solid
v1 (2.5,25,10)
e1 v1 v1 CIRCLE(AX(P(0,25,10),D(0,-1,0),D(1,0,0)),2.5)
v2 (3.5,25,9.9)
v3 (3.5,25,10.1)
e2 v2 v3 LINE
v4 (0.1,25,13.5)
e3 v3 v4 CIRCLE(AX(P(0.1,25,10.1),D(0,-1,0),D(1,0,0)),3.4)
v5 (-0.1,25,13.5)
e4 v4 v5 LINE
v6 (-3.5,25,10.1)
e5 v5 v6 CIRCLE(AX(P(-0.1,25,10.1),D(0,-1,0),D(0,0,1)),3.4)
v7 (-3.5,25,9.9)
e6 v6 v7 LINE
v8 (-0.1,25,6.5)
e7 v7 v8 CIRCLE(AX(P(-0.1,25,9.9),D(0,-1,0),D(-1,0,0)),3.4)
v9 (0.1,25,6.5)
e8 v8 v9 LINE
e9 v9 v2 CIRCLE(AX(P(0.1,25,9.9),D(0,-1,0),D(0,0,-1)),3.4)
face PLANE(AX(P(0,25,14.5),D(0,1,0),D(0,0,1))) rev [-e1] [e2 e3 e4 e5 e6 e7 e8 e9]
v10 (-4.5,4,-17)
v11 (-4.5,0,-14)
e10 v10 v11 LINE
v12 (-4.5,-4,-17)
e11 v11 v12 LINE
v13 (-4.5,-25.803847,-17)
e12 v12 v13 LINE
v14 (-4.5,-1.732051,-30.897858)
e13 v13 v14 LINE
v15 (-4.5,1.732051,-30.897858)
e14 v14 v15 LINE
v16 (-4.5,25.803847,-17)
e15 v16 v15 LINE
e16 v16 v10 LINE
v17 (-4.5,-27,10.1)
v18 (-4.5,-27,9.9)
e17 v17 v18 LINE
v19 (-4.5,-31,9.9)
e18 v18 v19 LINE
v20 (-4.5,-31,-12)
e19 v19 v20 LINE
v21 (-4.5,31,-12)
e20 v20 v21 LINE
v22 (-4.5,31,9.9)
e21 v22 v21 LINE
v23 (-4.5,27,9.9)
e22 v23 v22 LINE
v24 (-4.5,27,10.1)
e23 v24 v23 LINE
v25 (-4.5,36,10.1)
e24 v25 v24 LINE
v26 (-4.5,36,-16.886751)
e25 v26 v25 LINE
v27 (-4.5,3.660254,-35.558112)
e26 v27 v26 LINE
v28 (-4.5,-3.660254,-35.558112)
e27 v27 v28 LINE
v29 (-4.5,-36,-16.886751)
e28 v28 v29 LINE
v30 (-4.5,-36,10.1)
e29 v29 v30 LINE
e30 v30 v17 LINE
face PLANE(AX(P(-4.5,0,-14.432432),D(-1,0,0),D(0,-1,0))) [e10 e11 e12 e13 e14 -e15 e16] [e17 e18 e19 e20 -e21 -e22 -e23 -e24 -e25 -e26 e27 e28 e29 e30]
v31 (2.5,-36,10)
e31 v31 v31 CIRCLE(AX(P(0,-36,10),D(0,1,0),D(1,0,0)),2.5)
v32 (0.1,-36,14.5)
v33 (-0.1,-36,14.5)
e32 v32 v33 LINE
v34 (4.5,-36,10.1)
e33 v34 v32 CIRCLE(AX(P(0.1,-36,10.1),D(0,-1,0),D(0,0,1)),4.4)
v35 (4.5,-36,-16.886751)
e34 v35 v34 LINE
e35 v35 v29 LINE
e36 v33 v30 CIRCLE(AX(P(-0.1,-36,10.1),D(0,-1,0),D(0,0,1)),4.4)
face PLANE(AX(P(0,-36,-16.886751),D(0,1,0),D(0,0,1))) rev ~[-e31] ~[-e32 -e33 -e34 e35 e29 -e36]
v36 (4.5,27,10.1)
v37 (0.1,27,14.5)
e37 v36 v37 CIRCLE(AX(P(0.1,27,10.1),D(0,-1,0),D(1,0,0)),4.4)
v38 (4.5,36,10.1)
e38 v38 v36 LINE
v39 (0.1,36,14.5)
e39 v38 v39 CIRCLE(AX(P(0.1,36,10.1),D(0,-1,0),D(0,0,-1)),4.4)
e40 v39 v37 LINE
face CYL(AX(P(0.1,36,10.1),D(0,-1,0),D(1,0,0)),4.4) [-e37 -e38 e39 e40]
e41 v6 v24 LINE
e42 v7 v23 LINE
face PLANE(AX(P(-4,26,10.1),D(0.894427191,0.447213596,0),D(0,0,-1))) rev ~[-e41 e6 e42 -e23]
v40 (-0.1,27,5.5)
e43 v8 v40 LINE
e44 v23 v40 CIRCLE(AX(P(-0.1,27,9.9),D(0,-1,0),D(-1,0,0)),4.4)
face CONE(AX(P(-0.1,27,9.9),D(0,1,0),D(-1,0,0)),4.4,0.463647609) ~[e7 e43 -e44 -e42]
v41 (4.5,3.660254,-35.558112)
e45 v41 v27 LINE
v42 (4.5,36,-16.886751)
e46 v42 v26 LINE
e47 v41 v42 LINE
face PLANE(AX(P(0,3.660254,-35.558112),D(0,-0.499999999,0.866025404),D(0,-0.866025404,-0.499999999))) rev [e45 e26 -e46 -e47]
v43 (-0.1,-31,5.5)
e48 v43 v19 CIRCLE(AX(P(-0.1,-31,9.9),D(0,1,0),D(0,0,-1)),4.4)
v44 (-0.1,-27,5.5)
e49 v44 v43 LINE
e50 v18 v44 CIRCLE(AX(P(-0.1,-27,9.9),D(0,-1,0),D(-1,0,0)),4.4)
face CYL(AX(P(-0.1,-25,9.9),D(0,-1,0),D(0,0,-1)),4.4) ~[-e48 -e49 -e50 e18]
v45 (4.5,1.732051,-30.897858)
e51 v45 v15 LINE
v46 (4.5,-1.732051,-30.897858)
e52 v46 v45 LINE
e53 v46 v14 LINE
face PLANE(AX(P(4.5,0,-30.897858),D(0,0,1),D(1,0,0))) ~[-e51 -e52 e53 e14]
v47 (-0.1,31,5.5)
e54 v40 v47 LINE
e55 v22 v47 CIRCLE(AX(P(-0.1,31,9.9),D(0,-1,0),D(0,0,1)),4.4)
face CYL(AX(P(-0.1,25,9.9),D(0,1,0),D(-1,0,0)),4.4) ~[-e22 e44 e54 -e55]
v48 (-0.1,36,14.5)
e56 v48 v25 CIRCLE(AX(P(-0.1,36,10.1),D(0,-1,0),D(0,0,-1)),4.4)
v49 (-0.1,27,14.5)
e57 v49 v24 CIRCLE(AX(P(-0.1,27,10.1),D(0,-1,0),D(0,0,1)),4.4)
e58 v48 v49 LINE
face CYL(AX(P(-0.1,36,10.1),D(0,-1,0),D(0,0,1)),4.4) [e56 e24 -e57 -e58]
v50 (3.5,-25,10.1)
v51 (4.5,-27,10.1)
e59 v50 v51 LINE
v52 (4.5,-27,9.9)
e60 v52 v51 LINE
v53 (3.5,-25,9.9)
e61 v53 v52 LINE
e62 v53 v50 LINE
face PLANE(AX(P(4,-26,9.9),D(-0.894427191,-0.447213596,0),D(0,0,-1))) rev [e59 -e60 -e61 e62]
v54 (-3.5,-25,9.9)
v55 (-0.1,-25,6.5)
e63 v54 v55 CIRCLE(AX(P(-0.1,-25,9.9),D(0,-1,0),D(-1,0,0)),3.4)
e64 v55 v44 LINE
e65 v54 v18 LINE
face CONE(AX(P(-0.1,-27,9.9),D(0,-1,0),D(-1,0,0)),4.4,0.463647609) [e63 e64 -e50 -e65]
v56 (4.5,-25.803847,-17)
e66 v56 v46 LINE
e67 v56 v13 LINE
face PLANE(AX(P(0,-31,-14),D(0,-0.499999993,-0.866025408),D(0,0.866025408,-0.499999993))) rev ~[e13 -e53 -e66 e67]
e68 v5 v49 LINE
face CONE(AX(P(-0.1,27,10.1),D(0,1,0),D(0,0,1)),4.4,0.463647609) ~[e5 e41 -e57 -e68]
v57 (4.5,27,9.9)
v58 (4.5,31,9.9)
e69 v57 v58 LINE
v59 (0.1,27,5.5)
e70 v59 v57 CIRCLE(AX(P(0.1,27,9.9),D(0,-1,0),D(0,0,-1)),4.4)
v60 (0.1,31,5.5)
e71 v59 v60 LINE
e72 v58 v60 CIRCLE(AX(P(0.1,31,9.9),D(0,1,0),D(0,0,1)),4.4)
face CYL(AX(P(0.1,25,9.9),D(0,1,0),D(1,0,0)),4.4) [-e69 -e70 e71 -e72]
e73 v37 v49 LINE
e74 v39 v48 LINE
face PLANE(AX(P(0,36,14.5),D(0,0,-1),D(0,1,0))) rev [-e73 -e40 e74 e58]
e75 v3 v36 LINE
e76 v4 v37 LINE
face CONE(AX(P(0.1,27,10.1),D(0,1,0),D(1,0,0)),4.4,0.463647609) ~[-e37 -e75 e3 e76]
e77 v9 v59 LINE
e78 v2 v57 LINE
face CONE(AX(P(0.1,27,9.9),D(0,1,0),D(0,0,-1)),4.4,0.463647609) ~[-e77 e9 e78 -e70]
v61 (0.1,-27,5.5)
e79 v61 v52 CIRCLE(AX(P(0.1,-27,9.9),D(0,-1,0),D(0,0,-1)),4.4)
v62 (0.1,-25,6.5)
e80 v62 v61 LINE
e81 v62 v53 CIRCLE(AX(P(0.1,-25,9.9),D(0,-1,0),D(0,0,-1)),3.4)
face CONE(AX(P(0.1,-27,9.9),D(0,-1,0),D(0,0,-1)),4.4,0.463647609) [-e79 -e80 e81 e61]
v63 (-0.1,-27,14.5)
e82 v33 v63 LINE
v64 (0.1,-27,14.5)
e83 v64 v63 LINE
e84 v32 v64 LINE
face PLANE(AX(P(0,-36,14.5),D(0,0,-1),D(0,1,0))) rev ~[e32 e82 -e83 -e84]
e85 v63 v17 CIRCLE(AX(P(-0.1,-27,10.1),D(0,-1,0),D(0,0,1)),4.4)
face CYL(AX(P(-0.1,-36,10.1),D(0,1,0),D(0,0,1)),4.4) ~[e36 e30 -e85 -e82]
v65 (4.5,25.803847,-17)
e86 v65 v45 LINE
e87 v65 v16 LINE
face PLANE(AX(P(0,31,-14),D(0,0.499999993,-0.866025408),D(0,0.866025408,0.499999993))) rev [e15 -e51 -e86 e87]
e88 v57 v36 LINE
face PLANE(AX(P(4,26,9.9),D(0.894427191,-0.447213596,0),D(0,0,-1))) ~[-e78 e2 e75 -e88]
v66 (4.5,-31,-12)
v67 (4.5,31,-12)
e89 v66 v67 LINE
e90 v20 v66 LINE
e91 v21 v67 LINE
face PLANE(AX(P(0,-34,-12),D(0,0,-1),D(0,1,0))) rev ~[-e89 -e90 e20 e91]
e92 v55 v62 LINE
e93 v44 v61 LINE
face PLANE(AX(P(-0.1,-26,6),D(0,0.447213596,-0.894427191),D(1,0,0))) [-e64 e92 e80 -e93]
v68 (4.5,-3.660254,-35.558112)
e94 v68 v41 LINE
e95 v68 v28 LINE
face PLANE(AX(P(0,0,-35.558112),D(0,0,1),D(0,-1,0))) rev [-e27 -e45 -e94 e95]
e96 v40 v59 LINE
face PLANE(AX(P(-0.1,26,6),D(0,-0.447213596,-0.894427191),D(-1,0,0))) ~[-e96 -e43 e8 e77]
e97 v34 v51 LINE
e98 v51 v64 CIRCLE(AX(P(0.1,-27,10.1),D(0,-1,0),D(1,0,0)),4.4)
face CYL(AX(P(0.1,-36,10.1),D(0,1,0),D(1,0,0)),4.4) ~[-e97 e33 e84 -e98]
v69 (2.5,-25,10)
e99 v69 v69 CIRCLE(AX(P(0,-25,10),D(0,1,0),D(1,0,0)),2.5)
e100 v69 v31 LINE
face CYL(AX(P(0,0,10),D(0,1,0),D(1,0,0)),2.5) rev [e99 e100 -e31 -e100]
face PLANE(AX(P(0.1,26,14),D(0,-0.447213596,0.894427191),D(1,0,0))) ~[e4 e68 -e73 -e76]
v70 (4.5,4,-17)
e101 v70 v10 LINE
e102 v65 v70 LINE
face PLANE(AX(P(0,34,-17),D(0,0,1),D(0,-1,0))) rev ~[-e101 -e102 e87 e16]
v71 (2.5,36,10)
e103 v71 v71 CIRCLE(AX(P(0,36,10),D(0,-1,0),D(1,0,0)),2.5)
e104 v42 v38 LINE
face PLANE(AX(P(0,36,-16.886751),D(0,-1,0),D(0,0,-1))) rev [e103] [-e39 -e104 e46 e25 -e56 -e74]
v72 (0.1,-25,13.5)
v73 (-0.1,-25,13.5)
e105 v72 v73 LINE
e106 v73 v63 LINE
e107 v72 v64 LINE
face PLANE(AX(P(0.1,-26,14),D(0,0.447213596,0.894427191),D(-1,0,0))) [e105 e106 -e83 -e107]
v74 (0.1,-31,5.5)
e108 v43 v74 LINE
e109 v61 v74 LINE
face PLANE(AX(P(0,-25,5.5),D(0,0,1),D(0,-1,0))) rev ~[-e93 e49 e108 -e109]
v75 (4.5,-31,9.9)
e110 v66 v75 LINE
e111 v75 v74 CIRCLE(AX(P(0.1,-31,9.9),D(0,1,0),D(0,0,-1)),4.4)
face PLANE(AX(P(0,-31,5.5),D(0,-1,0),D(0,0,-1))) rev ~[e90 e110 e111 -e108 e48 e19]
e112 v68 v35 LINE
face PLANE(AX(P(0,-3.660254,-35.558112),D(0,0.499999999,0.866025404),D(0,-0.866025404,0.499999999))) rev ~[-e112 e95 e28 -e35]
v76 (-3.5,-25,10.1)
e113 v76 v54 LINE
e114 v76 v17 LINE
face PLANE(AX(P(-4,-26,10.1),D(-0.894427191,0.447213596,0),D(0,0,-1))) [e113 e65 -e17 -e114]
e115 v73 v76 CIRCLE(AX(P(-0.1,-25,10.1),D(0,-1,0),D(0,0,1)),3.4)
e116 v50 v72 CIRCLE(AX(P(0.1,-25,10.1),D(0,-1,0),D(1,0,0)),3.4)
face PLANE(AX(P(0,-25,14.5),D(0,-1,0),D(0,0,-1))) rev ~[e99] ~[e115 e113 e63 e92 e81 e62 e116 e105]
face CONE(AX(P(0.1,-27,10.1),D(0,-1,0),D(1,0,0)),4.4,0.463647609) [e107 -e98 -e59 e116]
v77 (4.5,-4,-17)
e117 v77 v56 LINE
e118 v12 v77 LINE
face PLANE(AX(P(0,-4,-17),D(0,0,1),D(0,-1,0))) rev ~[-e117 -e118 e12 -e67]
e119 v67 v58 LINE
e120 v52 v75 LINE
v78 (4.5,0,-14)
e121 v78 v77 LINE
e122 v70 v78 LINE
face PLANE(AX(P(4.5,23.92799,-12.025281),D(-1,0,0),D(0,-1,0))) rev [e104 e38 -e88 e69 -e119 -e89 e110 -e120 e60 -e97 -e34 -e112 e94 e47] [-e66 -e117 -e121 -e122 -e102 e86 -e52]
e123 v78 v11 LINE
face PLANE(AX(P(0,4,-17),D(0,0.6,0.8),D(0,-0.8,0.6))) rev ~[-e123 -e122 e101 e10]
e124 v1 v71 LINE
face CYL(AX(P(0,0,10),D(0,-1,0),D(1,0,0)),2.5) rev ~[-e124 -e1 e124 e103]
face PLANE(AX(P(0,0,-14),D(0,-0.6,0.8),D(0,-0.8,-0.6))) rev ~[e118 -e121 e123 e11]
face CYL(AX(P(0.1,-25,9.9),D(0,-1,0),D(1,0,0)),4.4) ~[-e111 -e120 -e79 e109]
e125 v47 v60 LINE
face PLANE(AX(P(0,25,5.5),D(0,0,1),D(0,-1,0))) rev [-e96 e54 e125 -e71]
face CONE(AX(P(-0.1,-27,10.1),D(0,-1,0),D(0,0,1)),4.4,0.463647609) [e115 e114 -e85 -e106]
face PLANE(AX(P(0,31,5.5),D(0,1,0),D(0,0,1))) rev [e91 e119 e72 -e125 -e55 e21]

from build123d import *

# Parameters (mm, degrees)
PAD001_DEPTH         = 4.5
FILLET_R             = 4.4
CHAMFER_1_SIZE2      = 2
CHAMFER_1_SIZE       = 1
CHAMFER_2_SIZE2      = 2
CHAMFER_2_SIZE       = 1
CHAMFER001_SIZE      = 2
PAD002_DEPTH         = 4.5
SKETCH006_R          = 2.5
POCKET001_DEPTH      = 36.001
POCKET001_DEPTH_BACK = 36.001


with BuildPart() as part:
    # Sketch004 → Pad001 (new body, symmetric)
    with BuildSketch(Plane.YZ):
        Polygon((-31, 5.5), (-31, -14), (0, -31.897858), (0, -35.558112), (-3.660254, -35.558112), (-36, -16.886751), (-36, 14.5), (-25, 14.5), (-25, 5.5), align=None)
    pad001 = extrude(amount=PAD001_DEPTH, both=True)

    # Mirrored: Pad001 across Sketch004 V_Axis
    add(pad001.mirror(Plane(origin=(0, 0, 0), x_dir=(1, 0, 0), z_dir=(0, 1, 0))))

    # Fillet
    fillet_edges = [part.edges().sort_by_distance(p)[0] for p in [
        (-4.5, 28, 5.5),
        (-4.5, 30.5, 14.5),
        (4.5, 28, 5.5),
        (-4.5, -28, 5.5),
        (-4.5, -30.5, 14.5),
        (4.5, -30.5, 14.5),
        (4.5, 30.5, 14.5),
        (4.5, -28, 5.5),
    ]]
    fillet(fillet_edges, radius=FILLET_R)

    # Chamfer 1
    chamfer_1_edges = [part.edges().sort_by_distance(p)[0] for p in [
        (-3.21127, 25, 13.21127),
    ]]
    chamfer_1_side = part.faces().sort_by_distance((0, 25, 10))[0]
    chamfer(chamfer_1_edges, length=CHAMFER_1_SIZE, length2=CHAMFER_1_SIZE2, reference=chamfer_1_side)

    # Chamfer 2
    chamfer_2_edges = [part.edges().sort_by_distance(p)[0] for p in [
        (-3.21127, -25, 13.21127),
    ]]
    chamfer_2_side = part.faces().sort_by_distance((0, -25, 10))[0]
    chamfer(chamfer_2_edges, length=CHAMFER_2_SIZE, length2=CHAMFER_2_SIZE2, reference=chamfer_2_side)

    # Chamfer001
    chamfer001_edges = [part.edges().sort_by_distance(p)[0] for p in [
        (0, 0, -31.897858),
    ]]
    chamfer(chamfer001_edges, length=CHAMFER001_SIZE)

    # Sketch005 → Pad002 (join, symmetric)
    with BuildSketch(Plane.YZ):
        Polygon((-34, -12), (34, -12), (34, -17), (4, -17), (0, -14), (-4, -17), (-34, -17), align=None)
    extrude(amount=PAD002_DEPTH, both=True)

    # Sketch006 → Pocket001 (cut, two sides)
    with BuildSketch(Plane.XZ) as pocket001_sk:
        with Locations((0, 10)):
            Circle(SKETCH006_R)
    extrude(amount=-POCKET001_DEPTH, mode=Mode.SUBTRACT)
    extrude(pocket001_sk.sketch, amount=POCKET001_DEPTH_BACK, mode=Mode.SUBTRACT)


solid = part.part
